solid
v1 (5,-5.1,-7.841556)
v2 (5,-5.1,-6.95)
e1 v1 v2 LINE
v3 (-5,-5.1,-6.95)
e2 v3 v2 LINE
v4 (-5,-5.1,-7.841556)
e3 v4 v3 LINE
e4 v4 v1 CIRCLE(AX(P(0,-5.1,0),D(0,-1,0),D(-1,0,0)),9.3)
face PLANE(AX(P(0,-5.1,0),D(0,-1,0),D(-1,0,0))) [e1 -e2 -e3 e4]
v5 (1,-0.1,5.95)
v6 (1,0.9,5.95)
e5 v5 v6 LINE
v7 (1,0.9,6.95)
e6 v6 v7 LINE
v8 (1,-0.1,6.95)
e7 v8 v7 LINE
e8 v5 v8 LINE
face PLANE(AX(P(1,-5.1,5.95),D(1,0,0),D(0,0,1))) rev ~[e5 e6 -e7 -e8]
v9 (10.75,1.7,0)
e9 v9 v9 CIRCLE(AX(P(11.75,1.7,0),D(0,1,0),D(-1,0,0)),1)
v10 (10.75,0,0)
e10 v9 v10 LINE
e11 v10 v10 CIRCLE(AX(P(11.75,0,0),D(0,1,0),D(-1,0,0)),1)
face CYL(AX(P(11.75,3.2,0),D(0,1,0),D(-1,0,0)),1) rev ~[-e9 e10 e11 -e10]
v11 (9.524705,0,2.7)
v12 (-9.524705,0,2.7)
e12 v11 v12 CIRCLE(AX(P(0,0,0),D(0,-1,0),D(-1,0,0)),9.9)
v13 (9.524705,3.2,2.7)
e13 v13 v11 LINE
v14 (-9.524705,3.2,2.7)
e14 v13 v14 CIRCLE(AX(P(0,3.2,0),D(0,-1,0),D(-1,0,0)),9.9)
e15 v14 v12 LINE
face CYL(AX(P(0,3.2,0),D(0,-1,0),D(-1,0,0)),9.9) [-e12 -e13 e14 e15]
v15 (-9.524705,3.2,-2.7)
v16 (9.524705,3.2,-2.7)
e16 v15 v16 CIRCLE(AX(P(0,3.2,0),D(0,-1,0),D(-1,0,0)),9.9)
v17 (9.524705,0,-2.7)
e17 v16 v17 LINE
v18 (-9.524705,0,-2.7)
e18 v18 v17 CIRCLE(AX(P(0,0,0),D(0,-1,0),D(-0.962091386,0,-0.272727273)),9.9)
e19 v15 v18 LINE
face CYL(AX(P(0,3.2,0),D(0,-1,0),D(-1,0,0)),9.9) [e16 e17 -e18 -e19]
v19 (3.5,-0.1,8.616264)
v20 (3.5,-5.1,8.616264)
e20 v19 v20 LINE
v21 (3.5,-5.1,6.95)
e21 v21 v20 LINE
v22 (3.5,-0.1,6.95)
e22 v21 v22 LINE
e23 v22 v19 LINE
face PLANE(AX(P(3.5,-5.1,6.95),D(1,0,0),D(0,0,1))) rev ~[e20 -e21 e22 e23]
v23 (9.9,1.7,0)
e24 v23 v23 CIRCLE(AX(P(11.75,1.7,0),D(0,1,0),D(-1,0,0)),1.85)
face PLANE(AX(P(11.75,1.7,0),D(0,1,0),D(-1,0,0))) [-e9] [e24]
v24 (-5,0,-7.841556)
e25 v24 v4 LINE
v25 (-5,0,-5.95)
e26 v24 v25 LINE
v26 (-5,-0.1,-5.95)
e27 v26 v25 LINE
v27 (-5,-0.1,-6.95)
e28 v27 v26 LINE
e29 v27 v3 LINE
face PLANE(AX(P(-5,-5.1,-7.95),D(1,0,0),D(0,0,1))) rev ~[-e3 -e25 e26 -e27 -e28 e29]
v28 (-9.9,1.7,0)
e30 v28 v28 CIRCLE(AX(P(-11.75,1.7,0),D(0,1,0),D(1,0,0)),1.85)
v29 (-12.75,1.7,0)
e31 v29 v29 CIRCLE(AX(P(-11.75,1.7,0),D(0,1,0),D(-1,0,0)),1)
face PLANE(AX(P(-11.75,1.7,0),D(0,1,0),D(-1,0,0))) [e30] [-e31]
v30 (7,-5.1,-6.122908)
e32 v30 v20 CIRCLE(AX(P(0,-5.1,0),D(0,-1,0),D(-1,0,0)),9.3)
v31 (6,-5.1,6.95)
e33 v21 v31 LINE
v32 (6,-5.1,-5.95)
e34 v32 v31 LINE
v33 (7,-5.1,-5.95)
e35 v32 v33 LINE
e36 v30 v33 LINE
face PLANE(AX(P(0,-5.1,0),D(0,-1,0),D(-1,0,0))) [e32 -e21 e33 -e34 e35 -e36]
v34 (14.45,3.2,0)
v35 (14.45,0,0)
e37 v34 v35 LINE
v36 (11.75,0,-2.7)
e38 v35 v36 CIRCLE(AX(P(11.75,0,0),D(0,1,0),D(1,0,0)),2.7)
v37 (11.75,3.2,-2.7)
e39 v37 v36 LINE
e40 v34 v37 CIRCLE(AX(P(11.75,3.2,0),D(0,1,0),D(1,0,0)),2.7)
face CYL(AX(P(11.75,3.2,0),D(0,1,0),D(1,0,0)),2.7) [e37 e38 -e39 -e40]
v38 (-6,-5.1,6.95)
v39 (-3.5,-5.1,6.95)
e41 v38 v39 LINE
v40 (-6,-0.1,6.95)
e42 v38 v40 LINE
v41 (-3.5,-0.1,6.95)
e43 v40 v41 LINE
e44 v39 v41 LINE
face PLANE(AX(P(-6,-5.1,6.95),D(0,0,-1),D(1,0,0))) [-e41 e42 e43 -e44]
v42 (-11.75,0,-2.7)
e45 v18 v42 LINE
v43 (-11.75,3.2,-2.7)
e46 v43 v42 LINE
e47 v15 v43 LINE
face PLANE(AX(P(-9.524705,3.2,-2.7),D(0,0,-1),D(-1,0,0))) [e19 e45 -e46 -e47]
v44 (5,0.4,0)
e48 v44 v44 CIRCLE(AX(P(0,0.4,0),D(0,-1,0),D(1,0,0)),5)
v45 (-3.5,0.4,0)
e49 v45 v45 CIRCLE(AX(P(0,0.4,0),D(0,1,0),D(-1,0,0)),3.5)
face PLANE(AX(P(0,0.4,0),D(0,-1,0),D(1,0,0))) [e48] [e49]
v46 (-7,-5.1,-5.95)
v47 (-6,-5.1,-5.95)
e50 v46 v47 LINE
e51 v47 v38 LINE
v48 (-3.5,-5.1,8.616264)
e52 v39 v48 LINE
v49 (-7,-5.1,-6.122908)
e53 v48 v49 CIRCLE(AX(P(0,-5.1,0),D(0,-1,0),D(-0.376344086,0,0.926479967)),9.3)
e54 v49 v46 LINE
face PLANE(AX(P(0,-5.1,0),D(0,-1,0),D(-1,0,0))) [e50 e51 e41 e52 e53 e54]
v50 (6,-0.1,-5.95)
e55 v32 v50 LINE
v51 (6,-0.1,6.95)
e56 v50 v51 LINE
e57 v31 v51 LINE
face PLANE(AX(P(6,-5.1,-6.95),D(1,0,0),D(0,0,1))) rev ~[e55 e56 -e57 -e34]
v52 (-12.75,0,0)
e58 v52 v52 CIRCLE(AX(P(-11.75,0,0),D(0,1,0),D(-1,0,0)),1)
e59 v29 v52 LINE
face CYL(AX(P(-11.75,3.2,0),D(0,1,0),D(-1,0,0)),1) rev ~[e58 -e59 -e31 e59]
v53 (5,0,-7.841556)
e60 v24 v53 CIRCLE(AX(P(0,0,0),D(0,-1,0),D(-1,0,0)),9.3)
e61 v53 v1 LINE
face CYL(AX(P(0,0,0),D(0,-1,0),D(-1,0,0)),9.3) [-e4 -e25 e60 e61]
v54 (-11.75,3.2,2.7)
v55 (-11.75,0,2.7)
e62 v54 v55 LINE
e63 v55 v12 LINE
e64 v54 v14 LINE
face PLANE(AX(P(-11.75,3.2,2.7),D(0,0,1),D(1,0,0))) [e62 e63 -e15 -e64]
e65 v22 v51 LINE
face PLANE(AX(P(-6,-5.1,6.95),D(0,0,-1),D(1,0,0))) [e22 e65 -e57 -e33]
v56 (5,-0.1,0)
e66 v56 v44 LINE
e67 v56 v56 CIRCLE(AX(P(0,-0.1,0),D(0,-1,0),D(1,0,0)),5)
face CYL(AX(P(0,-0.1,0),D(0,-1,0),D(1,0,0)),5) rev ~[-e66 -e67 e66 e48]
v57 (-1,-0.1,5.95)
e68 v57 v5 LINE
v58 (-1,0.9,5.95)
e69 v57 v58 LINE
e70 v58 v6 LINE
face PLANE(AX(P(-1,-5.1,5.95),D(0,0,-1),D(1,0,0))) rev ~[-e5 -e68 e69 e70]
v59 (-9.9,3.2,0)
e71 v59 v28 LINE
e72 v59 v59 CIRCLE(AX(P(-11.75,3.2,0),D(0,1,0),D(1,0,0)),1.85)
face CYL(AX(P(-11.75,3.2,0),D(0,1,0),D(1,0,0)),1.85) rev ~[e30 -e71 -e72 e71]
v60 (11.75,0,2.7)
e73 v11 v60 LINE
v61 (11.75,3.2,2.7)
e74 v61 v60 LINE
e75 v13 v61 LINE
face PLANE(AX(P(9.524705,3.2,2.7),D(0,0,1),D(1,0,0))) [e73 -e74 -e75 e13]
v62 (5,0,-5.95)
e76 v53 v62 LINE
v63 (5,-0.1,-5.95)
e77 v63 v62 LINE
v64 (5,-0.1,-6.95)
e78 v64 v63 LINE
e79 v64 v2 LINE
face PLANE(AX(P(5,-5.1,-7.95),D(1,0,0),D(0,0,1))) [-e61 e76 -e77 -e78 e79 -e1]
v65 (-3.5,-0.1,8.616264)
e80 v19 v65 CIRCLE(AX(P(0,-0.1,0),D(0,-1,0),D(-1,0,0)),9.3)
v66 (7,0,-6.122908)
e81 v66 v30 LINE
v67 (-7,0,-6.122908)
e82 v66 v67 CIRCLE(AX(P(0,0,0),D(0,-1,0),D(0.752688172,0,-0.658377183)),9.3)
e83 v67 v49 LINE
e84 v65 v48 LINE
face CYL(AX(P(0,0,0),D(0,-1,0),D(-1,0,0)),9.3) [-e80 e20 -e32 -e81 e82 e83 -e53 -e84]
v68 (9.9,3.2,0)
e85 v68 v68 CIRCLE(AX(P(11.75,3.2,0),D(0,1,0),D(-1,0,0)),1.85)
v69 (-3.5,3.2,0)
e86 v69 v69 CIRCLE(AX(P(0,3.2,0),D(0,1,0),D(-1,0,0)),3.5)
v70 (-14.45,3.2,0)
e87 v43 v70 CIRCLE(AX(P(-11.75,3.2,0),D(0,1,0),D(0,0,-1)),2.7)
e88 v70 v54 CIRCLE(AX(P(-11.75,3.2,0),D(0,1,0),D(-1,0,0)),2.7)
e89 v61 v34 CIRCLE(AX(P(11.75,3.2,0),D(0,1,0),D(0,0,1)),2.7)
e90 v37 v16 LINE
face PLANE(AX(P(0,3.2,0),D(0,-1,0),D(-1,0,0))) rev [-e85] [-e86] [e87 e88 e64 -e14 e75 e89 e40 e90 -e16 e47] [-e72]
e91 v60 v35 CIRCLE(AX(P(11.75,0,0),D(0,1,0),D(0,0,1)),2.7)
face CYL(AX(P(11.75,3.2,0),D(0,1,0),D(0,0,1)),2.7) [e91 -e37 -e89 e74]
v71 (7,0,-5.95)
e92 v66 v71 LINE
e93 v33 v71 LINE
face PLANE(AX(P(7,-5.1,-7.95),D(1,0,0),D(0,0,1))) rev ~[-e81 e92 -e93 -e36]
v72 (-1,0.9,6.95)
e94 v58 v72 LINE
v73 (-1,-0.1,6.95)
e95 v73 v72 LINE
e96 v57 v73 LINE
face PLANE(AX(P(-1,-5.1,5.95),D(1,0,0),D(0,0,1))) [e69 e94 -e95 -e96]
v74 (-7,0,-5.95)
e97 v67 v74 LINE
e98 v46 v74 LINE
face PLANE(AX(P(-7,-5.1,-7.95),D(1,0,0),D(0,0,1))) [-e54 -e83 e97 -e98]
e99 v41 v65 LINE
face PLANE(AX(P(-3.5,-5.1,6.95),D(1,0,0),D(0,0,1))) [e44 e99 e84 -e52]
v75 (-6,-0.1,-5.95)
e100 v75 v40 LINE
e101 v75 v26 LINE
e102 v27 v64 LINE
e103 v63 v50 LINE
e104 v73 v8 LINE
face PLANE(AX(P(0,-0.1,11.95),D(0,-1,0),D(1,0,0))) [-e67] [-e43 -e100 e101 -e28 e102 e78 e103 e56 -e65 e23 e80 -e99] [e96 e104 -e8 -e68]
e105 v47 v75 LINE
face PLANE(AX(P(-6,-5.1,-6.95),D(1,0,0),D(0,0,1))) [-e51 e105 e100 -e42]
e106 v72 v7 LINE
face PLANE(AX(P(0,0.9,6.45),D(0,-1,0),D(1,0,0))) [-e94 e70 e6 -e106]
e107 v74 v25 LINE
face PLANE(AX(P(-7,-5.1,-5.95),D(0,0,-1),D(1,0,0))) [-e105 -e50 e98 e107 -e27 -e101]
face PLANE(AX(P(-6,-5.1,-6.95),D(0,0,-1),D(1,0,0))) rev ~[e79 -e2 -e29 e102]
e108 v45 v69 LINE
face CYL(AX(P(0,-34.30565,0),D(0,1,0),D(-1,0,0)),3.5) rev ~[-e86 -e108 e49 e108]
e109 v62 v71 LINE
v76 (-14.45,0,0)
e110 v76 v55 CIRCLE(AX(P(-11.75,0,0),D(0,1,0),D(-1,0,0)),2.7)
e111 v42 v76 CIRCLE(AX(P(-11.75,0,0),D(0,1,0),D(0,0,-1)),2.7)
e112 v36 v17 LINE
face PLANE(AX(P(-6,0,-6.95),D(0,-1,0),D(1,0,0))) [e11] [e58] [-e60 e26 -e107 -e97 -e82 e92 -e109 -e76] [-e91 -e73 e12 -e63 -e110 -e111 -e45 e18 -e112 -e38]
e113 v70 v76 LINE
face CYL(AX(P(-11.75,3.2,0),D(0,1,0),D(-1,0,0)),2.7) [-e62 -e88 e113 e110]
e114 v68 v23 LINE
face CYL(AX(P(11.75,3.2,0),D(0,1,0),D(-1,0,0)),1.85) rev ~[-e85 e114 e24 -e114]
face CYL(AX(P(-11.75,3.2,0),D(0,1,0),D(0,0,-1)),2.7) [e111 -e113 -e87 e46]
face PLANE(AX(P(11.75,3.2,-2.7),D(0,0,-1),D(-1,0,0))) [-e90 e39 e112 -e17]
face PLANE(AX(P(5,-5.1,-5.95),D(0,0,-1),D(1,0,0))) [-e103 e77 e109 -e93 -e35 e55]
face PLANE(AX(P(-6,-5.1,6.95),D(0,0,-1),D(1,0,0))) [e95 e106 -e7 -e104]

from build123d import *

# Parameters (mm, degrees)
F2_R      = 1.85
F2_R_2    = 1
F3_DEPTH  = 3.2
F4_W      = 12
F4_H      = 13.9
F5_DEPTH  = 5
F6_D      = 7
F7_W      = 2
F7_H      = 1
F8_DEPTH  = 6
F9_W      = 7
F9_H      = 10
F10_DEPTH = 5
F11_DEPTH = 3.2
F13_DEPTH = 1.5
F14_DEPTH = 25
F15_R     = 5
F16_DEPTH = 0.5
F17_W     = 2
F17_H     = 2
F18_DEPTH = 5.1


with BuildPart() as f1:
    # F0 (on Top) → F1 (revolve)
    with BuildSketch(Plane.XY):
        Polygon((-9.3, -5.1), (0, -5.1), (0, 3.2), (-9.9, 3.2), (-9.9, 0), (-9.3, 0), align=None)
    revolve(axis=Axis((0, -0.95, 0), (0, -1, 0)))

    # F4 (on face) → F5 (cut)
    with BuildSketch(Plane.XZ.offset(5.1)):
        Rectangle(F4_W, F4_H)
    extrude(amount=-F5_DEPTH, mode=Mode.SUBTRACT)

    # F6 (through all)
    with Locations(Plane.XZ.offset(5.1)):
        with Locations((0, 0)):
            Hole(F6_D / 2)

    # F7 (on face) → F8 (cut)
    with BuildSketch(Plane.XZ.offset(5.1)):
        with Locations((0, 6.45)):
            Rectangle(F7_W, F7_H)
    extrude(amount=-F8_DEPTH, mode=Mode.SUBTRACT)

    # F9 (on face) → F10 (cut)
    with BuildSketch(Plane.XZ.offset(5.1)):
        with Locations((0, 11.95)):
            Rectangle(F9_W, F9_H)
    extrude(amount=-F10_DEPTH, mode=Mode.SUBTRACT)


with BuildPart() as f3:
    # F2 (on face) → F3 (new body)
    with BuildSketch(Plane(origin=(0, 3.2, 0), x_dir=(-1, 0, 0), z_dir=(0, 1, 0))):
        with BuildLine():
            Line((-11.75, -2.7), (-9.5247047198, -2.7))
            ThreePointArc((-9.5247047198, -2.7), (-9.8057273245, -1.3629789569), (-9.9, 0))
            ThreePointArc((-9.9, 0), (-9.8057273245, 1.3629789569), (-9.5247047198, 2.7))
            Line((-9.5247047198, 2.7), (-11.75, 2.7))
            ThreePointArc((-11.75, 2.7), (-13.6591883092, 1.9091883092), (-14.45, 0))
            ThreePointArc((-14.45, 0), (-13.6591883092, -1.9091883092), (-11.75, -2.7))
        make_face()
        with Locations((-11.75, 0)):
            Circle(F2_R, mode=Mode.SUBTRACT)
        with Locations((-11.75, 0)):
            Circle(F2_R)
        with Locations((-11.75, 0)):
            Circle(F2_R_2, mode=Mode.SUBTRACT)
    extrude(amount=-F3_DEPTH)


with BuildPart() as f11:
    # F2 (on face) → F11 (new body)
    with BuildSketch(Plane(origin=(0, 3.2, 0), x_dir=(-1, 0, 0), z_dir=(0, 1, 0))):
        with BuildLine():
            ThreePointArc((9.9, 0), (9.8057273245, -1.3629789569), (9.5247047198, -2.7))
            Line((9.5247047198, -2.7), (11.75, -2.7))
            ThreePointArc((11.75, -2.7), (13.6591883092, -1.9091883092), (14.45, 0))
            ThreePointArc((14.45, 0), (13.6591883092, 1.9091883092), (11.75, 2.7))
            Line((11.75, 2.7), (9.5247047198, 2.7))
            ThreePointArc((9.5247047198, 2.7), (9.8057273245, 1.3629789569), (9.9, 0))
        make_face()
        with BuildLine():
            ThreePointArc((13.6, 0), (11.75, -1.85), (9.9, 0))
            ThreePointArc((9.9, 0), (11.75, 1.85), (13.6, 0))
        make_face(mode=Mode.SUBTRACT)
        with BuildLine():
            ThreePointArc((13.6, 0), (11.75, 1.85), (9.9, 0))
            ThreePointArc((9.9, 0), (11.75, -1.85), (13.6, 0))
        make_face()
        with Locations((11.75, 0)):
            Circle(F2_R_2, mode=Mode.SUBTRACT)
        with Locations((11.75, 0)):
            Circle(F2_R_2)
    extrude(amount=-F11_DEPTH)


with BuildPart() as f3_1:
    add(f3.part)

    # F12: union F11, F1
    add(f11.part)
    add(f1.part)

    # F2 (on face) → F13 (cut)
    with BuildSketch(Plane(origin=(0, 3.2, 0), x_dir=(-1, 0, 0), z_dir=(0, 1, 0))):
        with BuildLine():
            ThreePointArc((13.6, 0), (11.75, 1.85), (9.9, 0))
            ThreePointArc((9.9, 0), (11.75, -1.85), (13.6, 0))
        make_face()
        with Locations((11.75, 0)):
            Circle(F2_R_2, mode=Mode.SUBTRACT)
        with Locations((-11.75, 0)):
            Circle(F2_R)
        with Locations((-11.75, 0)):
            Circle(F2_R_2, mode=Mode.SUBTRACT)
    extrude(amount=-F13_DEPTH, mode=Mode.SUBTRACT)

    # F2 (on face) → F14 (cut)
    with BuildSketch(Plane(origin=(0, 3.2, 0), x_dir=(-1, 0, 0), z_dir=(0, 1, 0))):
        with Locations((11.75, 0)):
            Circle(F2_R_2)
    extrude(amount=-F14_DEPTH, mode=Mode.SUBTRACT)

    # F15 (on face) → F16 (cut)
    with BuildSketch(Plane.XZ.offset(0.1)):
        Circle(F15_R)
    extrude(amount=-F16_DEPTH, mode=Mode.SUBTRACT)

    # F17 (on face) → F18 (cut, through all)
    with BuildSketch(Plane.XZ.offset(5.1)):
        with Locations((-6, -6.95)):
            Rectangle(F17_W, F17_H)
        with Locations((6, -6.95)):
            Rectangle(F17_W, F17_H)
    extrude(amount=-F18_DEPTH, mode=Mode.SUBTRACT)


solid = f3_1.part
